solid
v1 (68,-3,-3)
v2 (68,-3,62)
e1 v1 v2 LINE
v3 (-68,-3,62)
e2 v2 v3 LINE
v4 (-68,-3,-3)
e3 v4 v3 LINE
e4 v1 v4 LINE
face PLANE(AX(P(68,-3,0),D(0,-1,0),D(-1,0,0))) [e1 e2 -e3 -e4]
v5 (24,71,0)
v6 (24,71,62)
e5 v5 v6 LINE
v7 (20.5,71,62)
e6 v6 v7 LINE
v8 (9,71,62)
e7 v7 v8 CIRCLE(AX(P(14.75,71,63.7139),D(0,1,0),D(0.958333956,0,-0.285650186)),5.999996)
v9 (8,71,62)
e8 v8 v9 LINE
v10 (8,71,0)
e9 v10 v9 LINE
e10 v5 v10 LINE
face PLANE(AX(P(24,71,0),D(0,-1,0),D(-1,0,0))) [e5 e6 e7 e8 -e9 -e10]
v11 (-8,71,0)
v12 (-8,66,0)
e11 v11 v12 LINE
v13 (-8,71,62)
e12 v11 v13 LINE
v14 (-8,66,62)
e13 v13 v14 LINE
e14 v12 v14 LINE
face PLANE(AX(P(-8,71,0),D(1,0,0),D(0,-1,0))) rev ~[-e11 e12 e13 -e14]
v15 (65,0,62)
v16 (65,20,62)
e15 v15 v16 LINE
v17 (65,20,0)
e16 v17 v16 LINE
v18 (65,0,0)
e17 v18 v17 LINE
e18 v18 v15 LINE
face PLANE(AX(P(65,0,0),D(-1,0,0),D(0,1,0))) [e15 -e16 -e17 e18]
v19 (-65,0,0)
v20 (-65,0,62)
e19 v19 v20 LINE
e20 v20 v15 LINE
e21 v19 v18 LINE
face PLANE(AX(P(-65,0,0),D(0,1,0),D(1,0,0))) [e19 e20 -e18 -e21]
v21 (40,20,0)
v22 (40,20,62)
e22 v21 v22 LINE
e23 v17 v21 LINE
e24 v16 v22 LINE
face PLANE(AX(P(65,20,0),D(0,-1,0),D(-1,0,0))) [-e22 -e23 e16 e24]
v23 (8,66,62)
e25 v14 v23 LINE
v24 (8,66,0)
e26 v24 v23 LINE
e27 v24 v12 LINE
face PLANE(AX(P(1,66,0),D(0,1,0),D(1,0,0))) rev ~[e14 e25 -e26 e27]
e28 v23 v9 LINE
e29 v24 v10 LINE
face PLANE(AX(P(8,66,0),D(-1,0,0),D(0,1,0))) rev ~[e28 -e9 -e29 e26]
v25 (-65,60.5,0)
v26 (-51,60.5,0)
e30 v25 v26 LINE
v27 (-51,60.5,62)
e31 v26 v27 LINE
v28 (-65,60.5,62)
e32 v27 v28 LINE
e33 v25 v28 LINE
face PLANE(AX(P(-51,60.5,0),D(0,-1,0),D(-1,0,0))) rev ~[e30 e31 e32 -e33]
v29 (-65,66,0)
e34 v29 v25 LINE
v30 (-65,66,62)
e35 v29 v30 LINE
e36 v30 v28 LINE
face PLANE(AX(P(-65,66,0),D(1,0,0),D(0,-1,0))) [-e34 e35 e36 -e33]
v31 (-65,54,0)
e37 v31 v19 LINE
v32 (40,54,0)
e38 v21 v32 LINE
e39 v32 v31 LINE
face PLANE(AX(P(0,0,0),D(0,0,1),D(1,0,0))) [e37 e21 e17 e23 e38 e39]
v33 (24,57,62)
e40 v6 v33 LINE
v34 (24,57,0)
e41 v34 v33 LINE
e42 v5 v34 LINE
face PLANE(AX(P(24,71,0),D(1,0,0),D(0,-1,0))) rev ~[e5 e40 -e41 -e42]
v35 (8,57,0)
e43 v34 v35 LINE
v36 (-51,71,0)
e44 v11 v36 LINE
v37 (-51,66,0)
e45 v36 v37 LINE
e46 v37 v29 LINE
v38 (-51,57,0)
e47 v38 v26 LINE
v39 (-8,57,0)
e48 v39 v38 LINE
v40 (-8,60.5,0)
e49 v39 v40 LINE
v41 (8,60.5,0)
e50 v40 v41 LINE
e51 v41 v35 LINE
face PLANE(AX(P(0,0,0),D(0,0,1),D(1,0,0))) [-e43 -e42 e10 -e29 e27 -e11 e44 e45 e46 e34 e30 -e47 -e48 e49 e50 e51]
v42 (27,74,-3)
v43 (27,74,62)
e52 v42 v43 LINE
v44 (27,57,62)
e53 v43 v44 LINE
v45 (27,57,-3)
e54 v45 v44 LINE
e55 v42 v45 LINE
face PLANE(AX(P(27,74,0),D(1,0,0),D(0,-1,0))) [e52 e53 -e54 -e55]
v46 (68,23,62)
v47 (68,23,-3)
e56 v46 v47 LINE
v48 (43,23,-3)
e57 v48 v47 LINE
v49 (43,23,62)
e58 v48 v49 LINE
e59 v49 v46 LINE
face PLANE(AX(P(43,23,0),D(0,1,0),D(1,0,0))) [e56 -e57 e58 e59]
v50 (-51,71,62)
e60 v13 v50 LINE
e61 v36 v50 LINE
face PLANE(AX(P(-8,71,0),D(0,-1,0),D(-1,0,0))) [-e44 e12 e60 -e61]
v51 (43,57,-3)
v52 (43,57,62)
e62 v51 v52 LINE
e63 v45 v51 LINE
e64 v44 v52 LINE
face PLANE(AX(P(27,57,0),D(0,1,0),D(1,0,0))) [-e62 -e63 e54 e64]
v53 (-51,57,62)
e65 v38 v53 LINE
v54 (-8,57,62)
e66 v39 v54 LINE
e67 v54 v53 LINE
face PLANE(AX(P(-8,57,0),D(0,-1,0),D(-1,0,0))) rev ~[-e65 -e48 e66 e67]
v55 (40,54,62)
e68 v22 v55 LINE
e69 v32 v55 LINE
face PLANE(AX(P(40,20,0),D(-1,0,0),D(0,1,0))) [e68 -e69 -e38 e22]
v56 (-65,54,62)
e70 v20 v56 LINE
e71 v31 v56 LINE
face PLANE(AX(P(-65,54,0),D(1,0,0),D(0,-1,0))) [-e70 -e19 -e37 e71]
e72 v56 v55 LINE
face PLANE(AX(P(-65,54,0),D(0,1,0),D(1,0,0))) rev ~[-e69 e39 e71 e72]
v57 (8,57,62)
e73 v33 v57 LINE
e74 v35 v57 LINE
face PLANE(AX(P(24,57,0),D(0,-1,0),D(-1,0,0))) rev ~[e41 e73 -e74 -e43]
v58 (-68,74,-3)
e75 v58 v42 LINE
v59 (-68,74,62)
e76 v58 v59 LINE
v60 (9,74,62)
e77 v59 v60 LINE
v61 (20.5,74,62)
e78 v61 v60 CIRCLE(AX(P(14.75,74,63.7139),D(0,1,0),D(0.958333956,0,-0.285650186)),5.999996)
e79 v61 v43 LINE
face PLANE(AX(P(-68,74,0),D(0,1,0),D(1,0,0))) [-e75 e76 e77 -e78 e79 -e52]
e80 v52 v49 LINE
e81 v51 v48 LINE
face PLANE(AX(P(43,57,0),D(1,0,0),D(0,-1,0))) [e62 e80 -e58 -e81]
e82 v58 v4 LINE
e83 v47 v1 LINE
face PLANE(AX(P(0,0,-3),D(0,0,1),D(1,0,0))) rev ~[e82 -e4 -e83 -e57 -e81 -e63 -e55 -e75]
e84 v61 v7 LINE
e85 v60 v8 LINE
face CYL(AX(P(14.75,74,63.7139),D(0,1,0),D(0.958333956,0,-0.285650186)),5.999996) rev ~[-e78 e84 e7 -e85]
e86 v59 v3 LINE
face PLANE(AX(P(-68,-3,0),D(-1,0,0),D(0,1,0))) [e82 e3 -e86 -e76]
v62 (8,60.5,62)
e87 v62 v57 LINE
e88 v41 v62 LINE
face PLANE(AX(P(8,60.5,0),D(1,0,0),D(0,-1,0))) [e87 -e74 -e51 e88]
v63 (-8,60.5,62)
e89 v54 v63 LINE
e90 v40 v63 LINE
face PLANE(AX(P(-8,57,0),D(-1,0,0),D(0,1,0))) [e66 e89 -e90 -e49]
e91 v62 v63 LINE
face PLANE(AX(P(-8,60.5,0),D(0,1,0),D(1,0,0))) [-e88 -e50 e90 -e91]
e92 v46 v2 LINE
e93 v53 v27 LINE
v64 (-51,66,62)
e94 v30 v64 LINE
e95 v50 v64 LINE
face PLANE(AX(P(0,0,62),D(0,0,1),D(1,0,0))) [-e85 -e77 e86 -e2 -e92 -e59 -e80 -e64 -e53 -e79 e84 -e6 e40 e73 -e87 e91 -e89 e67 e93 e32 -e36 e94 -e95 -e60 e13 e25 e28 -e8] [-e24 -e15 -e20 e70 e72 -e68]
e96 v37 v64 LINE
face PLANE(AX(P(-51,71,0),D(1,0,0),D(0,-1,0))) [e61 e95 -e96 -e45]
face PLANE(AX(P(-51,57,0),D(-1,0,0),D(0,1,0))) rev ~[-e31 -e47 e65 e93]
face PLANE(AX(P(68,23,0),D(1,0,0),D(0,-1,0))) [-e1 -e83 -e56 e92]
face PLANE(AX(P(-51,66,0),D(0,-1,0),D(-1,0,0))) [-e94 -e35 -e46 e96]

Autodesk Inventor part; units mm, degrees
ref_plane "YZ Plane" through (0, 0, 0) normal (1, 0, 0) x (0, 1, 0)
ref_plane "XZ Plane" through (0, 0, 0) normal (0, 1, 0) x (-1, 0, 0)
ref_plane "XY Plane" through (0, 0, 0) normal (0, 0, 1) x (1, 0, 0)
sketch "Skizze1" plane through (0, 0, 0) normal (0, 0, 1) x (1, 0, 0)
  line L0 (-65, 0) -> (65, 0)
  line L1 (65, 0) -> (65, 20)
  line L2 (65, 20) -> (40, 20)
  line L3 (40, 20) -> (40, 54)
  line L4 (-65, 41) -> (-65, 0)
  line L5 (-65, 41) -> (-65, 41)
  line L6 (-65, 54) -> (-65, 54)
  line L7 (-65, 54) -> (-65, 41)
  line L8 (24, 71) -> (24, 54)
  line L9 (24, 54) -> (40, 54)
  line L10 (-65, 54) -> (24, 54)
  line L11 (24, 54) -> (24, 57)
  line L12 (24, 57) -> (-65, 57)
  line L13 (-65, 57) -> (-65, 54)
  line L14 (24, 71) -> (-65, 71)
  line L15 (-65, 71) -> (-65, 54)
  line L16 (43, 23) -> (68, 23)
  line L17 (68, 23) -> (68, -3)
  line L18 (68, -3) -> (-68, -3)
  line L19 (-68, -3) -> (-68, 44)
  line L20 (-68, 44) -> (-68, 44)
  line L21 (-68, 44) -> (-68, 57)
  line L22 (-68, 57) -> (-68, 57)
  line L23 (-68, 57) -> (-68, 74)
  line L24 (-68, 74) -> (27, 74)
  line L25 (27, 74) -> (27, 57)
  line L26 (27, 57) -> (43, 57)
  line L27 (43, 57) -> (43, 23)
  line L28 (-65, 71) -> (-51, 71)
  line L29 (-51, 71) -> (-51, 66)
  line L30 (-51, 66) -> (-65, 66)
  line L31 (-65, 66) -> (-65, 71)
  line L32 (8, 71) -> (-8, 71)
  line L33 (-8, 71) -> (-8, 66)
  line L34 (-8, 66) -> (8, 66)
  line L35 (8, 66) -> (8, 71)
  line L36 (-65, 71) -> (-55, 71)
  line L37 (-55, 71) -> (-55, 66)
  line L38 (-55, 66) -> (-65, 66)
  line L39 (-65, 66) -> (-65, 71)
  line L40 (1, 71) -> (-4, 71)
  line L41 (-4, 71) -> (-4, 66)
  line L42 (-4, 66) -> (1, 66)
  line L43 (1, 66) -> (1, 71)
  line L44 (8, 71) -> (1, 71)
  line L45 (1, 71) -> (1, 66)
  line L46 (1, 66) -> (8, 66)
  line L47 (8, 66) -> (8, 71)
  line L48 (-4, 71) -> (-8, 71)
  line L49 (-8, 71) -> (-8, 66)
  line L50 (-8, 66) -> (-4, 66)
  line L51 (-4, 66) -> (-4, 71)
  line L52 (8, 57) -> (-8, 57)
  line L53 (-8, 57) -> (-8, 60.5)
  line L54 (-8, 60.5) -> (8, 60.5)
  line L55 (8, 60.5) -> (8, 57)
  line L56 (1, 60.5) -> (-4, 60.5)
  line L57 (-4, 60.5) -> (-4, 57)
  line L58 (-4, 57) -> (1, 57)
  line L59 (1, 57) -> (1, 60.5)
  line L60 (-65, 57) -> (-51, 57)
  line L61 (-51, 57) -> (-51, 60.5)
  line L62 (-51, 60.5) -> (-65, 60.5)
  line L63 (-65, 60.5) -> (-65, 57)
  line L64 (-55, 60.5) -> (-65, 60.5)
  line L65 (-65, 60.5) -> (-65, 57)
  line L66 (-65, 57) -> (-55, 57)
  line L67 (-55, 57) -> (-55, 60.5)
  line L68 (-65, 57) -> (24, 57)
  line L69 (24, 57) -> (24, 54)
  line L70 (24, 54) -> (-65, 54)
  line L71 (-65, 54) -> (-65, 57)
  point P0 (0, 0)
  point P1 (0, 0)
  point P2 (0, 0)
  point P3 (0, 0)
  dimension "d0" = 130
  dimension "d1" = 25
  dimension "d2" = 20
  dimension "d3" = 41
  dimension "d4" = 54
  dimension "d16" = 0
  dimension "d17" = 89
  dimension "d18" = 71
  dimension "d19" = 3
  dimension "d21" = 16
  dimension "d22" = 14
  dimension "d23" = 5
  dimension "d24" = 43
  dimension "d25" = 10
  dimension "d26" = 51
  dimension "d27" = 5
  dimension "d28" = 5.5
  dimension "d31" = 3
  dimension "d41" = 0
extrude "Extrusion1" add sketch "Skizze1" against normal blind 3 contours L4 L7 L10 L9 L3 L2 L1 L0 | L13 L12 L8 L10 | L15 L62 L67 L12 | L12 L55 L54 L53 L61 L62 L15 L30 L29 L14 L33 L34 L35 L8 | L67 L62 L61 L12 | L12 L59 L54 L55 | L15 L14 L37 L30 | L35 L34 L43 L14 | L12 L57 L54 L59 | L53 L54 L57 L12 | L37 L14 L29 L30 | L43 L34 L41 L14 | L41 L34 L33 L14 | L16 L17 L18 L19 L21 L23 L24 L25 L26 L27
extrude "Extrusion2" add sketch "Skizze1" along normal blind 62 contours L13 L12 L8 L10 | L15 L62 L67 L12 | L67 L62 L61 L12 | L12 L59 L54 L55 | L15 L14 L37 L30 | L35 L34 L43 L14 | L12 L57 L54 L59 | L53 L54 L57 L12 | L37 L14 L29 L30 | L43 L34 L41 L14 | L41 L34 L33 L14 | L16 L17 L18 L19 L21 L23 L24 L25 L26 L27
sketch "Skizze2" plane through (-68, 74, -3) normal (0, 1, 0) x (1, 0, 0)
  line L0 (95, -65) -> (95, 0) projected
  line L1 (95, -65) -> (0, -65) projected
  line L2 (92, -65) -> (76, -65) projected
  arc A0 (88.5, -65) -> (77, -65) centre (82.75, -66.7139) ccw
  line L3 (77, -65) -> (88.5, -65)
  point P0 (68, -3)
  dimension "d36" = 6
  dimension "d37" = 12.25
  dimension "d38" = 11.5
extrude "Extrusion3" cut sketch "Skizze2" against normal up to surface (3 mm away)
properties part number "Erweiterung"
